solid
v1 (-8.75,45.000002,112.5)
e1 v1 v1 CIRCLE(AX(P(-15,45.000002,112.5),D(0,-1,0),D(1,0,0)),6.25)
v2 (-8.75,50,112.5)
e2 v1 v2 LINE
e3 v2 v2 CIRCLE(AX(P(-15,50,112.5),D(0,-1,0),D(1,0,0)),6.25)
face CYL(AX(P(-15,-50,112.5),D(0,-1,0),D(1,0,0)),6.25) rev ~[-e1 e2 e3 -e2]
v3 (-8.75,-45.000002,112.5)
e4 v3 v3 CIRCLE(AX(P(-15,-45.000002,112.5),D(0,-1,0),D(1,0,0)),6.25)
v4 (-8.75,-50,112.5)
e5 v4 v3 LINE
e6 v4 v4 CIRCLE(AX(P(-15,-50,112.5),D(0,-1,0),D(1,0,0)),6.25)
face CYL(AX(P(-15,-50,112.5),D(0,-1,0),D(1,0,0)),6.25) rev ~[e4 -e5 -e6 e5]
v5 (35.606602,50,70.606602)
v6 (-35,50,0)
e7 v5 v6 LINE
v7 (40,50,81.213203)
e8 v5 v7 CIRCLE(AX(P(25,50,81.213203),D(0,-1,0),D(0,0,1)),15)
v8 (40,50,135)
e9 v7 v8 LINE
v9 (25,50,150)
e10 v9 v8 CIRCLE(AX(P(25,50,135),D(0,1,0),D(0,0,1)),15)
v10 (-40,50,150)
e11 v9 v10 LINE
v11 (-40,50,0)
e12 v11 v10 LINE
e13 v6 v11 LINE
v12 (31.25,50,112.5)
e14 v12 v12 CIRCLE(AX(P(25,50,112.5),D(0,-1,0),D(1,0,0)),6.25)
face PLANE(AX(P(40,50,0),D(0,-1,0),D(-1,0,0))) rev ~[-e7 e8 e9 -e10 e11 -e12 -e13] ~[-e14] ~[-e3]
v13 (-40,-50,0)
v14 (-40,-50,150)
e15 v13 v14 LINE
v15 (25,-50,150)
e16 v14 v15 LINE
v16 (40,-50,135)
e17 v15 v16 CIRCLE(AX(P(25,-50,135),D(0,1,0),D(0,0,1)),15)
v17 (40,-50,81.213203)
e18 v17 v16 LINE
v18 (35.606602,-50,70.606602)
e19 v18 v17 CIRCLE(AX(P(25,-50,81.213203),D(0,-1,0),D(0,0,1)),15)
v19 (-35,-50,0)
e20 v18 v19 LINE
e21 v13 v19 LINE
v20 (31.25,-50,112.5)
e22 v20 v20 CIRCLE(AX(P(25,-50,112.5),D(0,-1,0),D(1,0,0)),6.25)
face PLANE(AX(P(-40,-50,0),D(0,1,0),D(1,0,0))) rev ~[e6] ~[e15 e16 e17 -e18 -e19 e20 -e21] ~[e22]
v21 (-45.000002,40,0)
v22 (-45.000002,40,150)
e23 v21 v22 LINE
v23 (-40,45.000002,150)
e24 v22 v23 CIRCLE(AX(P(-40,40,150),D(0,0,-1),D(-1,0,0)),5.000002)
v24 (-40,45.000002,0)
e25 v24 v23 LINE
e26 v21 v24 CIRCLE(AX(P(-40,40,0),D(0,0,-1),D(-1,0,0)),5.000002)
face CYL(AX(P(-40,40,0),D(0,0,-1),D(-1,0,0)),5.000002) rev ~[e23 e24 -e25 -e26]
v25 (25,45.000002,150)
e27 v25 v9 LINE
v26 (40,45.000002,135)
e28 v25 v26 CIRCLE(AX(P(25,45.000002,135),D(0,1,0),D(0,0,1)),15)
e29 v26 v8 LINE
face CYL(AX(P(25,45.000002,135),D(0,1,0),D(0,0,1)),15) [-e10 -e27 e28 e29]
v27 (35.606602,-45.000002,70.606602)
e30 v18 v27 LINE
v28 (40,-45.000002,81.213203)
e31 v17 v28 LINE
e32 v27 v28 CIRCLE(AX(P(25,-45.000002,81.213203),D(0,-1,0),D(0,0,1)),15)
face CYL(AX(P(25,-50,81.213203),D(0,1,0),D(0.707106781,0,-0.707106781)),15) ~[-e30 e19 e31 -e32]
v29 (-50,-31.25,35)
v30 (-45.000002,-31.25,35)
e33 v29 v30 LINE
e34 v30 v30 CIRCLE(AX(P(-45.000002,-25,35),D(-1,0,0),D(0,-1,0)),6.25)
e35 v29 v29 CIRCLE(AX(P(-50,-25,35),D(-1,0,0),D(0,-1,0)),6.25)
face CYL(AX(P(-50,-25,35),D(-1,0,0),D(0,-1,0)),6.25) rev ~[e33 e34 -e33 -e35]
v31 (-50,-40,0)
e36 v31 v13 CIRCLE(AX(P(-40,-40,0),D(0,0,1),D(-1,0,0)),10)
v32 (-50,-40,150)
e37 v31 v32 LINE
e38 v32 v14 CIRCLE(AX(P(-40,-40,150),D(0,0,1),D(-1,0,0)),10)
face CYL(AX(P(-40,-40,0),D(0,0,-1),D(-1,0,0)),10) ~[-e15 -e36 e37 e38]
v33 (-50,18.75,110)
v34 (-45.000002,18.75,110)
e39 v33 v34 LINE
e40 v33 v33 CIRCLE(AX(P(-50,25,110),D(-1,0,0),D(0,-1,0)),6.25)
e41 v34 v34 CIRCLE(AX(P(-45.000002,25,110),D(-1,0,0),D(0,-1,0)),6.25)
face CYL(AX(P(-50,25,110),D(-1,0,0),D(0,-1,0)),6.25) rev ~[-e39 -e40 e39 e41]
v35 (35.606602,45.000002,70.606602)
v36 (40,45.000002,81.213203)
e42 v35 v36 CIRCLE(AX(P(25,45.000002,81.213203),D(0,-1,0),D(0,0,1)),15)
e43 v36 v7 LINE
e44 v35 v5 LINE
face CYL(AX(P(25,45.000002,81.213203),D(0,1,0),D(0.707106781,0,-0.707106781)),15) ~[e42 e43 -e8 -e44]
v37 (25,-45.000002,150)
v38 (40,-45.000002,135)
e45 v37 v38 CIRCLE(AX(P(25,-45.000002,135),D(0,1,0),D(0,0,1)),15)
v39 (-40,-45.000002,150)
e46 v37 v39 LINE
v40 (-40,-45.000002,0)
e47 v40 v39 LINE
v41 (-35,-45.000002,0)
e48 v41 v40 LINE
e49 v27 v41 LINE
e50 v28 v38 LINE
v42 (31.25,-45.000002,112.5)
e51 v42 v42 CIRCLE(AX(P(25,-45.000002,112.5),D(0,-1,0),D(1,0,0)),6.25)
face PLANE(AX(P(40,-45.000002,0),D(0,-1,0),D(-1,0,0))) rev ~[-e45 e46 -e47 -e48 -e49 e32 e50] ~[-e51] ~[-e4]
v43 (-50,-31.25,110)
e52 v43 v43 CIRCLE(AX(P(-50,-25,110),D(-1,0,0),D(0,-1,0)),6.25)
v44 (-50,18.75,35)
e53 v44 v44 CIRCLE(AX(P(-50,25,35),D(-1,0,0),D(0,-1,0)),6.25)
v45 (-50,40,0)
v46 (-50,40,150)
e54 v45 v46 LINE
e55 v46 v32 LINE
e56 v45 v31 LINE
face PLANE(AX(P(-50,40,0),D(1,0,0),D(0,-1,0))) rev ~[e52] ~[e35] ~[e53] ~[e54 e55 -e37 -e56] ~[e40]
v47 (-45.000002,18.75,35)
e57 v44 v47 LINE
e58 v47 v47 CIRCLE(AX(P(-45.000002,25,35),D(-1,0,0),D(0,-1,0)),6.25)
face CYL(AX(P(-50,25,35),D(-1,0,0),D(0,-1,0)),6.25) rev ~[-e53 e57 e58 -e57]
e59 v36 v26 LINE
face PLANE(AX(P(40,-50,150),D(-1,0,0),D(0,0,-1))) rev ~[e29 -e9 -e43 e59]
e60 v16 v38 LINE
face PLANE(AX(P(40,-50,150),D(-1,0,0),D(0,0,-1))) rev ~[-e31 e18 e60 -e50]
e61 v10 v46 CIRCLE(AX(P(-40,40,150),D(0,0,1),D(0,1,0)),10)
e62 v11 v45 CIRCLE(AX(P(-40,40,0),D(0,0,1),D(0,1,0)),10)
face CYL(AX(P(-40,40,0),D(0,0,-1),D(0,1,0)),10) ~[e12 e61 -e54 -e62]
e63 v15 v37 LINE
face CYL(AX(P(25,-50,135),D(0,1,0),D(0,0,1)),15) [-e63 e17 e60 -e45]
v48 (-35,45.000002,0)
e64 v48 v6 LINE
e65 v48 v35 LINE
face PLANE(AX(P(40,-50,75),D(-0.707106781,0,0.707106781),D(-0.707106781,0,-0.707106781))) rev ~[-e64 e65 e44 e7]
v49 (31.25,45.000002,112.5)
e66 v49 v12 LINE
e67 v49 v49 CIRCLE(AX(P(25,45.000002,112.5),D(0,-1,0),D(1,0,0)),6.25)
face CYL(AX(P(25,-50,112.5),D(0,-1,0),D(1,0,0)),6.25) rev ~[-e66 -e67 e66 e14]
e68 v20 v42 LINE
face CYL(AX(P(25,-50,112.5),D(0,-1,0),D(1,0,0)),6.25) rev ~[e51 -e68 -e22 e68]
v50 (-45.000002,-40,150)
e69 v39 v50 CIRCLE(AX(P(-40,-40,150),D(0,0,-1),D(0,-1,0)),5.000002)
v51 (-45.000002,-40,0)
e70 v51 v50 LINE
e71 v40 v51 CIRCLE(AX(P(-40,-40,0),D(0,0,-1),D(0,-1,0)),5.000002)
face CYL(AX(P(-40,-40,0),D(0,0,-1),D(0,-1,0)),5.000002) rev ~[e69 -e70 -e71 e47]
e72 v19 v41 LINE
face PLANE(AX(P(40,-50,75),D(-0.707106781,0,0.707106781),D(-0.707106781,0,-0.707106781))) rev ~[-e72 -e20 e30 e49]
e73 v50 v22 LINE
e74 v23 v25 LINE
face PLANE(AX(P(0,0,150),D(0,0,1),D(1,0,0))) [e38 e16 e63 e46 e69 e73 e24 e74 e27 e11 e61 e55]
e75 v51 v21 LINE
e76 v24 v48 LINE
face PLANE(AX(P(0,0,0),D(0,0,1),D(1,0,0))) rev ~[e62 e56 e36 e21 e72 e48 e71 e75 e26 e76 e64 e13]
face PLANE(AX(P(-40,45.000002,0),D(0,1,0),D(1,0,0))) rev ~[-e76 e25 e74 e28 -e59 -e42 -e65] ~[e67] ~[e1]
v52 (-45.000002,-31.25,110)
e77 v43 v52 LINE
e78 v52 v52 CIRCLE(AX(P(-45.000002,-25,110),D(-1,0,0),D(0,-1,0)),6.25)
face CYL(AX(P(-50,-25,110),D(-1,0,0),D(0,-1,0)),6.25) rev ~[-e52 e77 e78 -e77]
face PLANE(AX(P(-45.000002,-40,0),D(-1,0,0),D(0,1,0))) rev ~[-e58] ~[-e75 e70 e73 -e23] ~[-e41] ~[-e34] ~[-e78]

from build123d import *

# Parameters (mm, degrees)
F1_DEPTH = 150
F2_R     = 6.25
F3_DEPTH = 100.001
F4_R     = 6.25
F5_DEPTH = 90.001
F6_R     = 15


with BuildPart() as f1:
    # F0 (on Top) → F1 (new body)
    with BuildSketch(Plane.XY):
        with BuildLine():
            ThreePointArc((50, 40), (47.0710678119, 47.0710678119), (40, 50))
            Line((40, 50), (-40, 50))
            ThreePointArc((-40, 50), (-47.0710678119, 47.0710678119), (-50, 40))
            Line((-50, 40), (-50, -40))
            ThreePointArc((-50, -40), (-47.0710678119, -47.0710678119), (-40, -50))
            Line((-40, -50), (40, -50))
            ThreePointArc((40, -50), (47.0710678119, -47.0710678119), (50, -40))
            Line((50, -40), (50, 40))
        make_face()
        with BuildLine():
            ThreePointArc((40, 45.0000017881), (43.5355351703, 43.5355351703), (45.0000017881, 40))
            Line((45.0000017881, 40), (45.0000017881, -40))
            ThreePointArc((45.0000017881, -40), (43.5355351703, -43.5355351703), (40, -45.0000017881))
            Line((40, -45.0000017881), (-40, -45.0000017881))
            ThreePointArc((-40, -45.0000017881), (-43.5355351703, -43.5355351703), (-45.0000017881, -40))
            Line((-45.0000017881, -40), (-45.0000017881, 40))
            ThreePointArc((-45.0000017881, 40), (-43.5355351703, 43.5355351703), (-40, 45.0000017881))
            Line((-40, 45.0000017881), (40, 45.0000017881))
        make_face(mode=Mode.SUBTRACT)
    extrude(amount=F1_DEPTH)

    # F2 (on face) → F3 (cut, through all)
    with BuildSketch(Plane.XZ.offset(50)):
        Polygon((50, 150), (40, 150), (40, 75), (-35, 0), (50, 0), align=None)
        with Locations((-15, 112.5)):
            Circle(F2_R)
        with Locations((25, 112.5)):
            Circle(F2_R)
    extrude(amount=-F3_DEPTH, mode=Mode.SUBTRACT)

    # F4 (on face) → F5 (cut, through all)
    with BuildSketch(Plane(origin=(-50, 0, 0), x_dir=(0, -1, 0), z_dir=(-1, 0, 0))):
        with Locations((-25, 110)):
            Circle(F4_R)
        with Locations((-25, 35)):
            Circle(F4_R)
        with Locations((25, 35)):
            Circle(F4_R)
        with Locations((25, 110)):
            Circle(F4_R)
    extrude(amount=-F5_DEPTH, mode=Mode.SUBTRACT)

    # F6
    f6_edges = [f1.edges().sort_by_distance(p)[0] for p in [
        (40, -47.500001, 75),
        (40, -47.500001, 150),
        (40, 47.500001, 150),
        (40, 47.500001, 75),
    ]]
    fillet(f6_edges, radius=F6_R)


solid = f1.part
